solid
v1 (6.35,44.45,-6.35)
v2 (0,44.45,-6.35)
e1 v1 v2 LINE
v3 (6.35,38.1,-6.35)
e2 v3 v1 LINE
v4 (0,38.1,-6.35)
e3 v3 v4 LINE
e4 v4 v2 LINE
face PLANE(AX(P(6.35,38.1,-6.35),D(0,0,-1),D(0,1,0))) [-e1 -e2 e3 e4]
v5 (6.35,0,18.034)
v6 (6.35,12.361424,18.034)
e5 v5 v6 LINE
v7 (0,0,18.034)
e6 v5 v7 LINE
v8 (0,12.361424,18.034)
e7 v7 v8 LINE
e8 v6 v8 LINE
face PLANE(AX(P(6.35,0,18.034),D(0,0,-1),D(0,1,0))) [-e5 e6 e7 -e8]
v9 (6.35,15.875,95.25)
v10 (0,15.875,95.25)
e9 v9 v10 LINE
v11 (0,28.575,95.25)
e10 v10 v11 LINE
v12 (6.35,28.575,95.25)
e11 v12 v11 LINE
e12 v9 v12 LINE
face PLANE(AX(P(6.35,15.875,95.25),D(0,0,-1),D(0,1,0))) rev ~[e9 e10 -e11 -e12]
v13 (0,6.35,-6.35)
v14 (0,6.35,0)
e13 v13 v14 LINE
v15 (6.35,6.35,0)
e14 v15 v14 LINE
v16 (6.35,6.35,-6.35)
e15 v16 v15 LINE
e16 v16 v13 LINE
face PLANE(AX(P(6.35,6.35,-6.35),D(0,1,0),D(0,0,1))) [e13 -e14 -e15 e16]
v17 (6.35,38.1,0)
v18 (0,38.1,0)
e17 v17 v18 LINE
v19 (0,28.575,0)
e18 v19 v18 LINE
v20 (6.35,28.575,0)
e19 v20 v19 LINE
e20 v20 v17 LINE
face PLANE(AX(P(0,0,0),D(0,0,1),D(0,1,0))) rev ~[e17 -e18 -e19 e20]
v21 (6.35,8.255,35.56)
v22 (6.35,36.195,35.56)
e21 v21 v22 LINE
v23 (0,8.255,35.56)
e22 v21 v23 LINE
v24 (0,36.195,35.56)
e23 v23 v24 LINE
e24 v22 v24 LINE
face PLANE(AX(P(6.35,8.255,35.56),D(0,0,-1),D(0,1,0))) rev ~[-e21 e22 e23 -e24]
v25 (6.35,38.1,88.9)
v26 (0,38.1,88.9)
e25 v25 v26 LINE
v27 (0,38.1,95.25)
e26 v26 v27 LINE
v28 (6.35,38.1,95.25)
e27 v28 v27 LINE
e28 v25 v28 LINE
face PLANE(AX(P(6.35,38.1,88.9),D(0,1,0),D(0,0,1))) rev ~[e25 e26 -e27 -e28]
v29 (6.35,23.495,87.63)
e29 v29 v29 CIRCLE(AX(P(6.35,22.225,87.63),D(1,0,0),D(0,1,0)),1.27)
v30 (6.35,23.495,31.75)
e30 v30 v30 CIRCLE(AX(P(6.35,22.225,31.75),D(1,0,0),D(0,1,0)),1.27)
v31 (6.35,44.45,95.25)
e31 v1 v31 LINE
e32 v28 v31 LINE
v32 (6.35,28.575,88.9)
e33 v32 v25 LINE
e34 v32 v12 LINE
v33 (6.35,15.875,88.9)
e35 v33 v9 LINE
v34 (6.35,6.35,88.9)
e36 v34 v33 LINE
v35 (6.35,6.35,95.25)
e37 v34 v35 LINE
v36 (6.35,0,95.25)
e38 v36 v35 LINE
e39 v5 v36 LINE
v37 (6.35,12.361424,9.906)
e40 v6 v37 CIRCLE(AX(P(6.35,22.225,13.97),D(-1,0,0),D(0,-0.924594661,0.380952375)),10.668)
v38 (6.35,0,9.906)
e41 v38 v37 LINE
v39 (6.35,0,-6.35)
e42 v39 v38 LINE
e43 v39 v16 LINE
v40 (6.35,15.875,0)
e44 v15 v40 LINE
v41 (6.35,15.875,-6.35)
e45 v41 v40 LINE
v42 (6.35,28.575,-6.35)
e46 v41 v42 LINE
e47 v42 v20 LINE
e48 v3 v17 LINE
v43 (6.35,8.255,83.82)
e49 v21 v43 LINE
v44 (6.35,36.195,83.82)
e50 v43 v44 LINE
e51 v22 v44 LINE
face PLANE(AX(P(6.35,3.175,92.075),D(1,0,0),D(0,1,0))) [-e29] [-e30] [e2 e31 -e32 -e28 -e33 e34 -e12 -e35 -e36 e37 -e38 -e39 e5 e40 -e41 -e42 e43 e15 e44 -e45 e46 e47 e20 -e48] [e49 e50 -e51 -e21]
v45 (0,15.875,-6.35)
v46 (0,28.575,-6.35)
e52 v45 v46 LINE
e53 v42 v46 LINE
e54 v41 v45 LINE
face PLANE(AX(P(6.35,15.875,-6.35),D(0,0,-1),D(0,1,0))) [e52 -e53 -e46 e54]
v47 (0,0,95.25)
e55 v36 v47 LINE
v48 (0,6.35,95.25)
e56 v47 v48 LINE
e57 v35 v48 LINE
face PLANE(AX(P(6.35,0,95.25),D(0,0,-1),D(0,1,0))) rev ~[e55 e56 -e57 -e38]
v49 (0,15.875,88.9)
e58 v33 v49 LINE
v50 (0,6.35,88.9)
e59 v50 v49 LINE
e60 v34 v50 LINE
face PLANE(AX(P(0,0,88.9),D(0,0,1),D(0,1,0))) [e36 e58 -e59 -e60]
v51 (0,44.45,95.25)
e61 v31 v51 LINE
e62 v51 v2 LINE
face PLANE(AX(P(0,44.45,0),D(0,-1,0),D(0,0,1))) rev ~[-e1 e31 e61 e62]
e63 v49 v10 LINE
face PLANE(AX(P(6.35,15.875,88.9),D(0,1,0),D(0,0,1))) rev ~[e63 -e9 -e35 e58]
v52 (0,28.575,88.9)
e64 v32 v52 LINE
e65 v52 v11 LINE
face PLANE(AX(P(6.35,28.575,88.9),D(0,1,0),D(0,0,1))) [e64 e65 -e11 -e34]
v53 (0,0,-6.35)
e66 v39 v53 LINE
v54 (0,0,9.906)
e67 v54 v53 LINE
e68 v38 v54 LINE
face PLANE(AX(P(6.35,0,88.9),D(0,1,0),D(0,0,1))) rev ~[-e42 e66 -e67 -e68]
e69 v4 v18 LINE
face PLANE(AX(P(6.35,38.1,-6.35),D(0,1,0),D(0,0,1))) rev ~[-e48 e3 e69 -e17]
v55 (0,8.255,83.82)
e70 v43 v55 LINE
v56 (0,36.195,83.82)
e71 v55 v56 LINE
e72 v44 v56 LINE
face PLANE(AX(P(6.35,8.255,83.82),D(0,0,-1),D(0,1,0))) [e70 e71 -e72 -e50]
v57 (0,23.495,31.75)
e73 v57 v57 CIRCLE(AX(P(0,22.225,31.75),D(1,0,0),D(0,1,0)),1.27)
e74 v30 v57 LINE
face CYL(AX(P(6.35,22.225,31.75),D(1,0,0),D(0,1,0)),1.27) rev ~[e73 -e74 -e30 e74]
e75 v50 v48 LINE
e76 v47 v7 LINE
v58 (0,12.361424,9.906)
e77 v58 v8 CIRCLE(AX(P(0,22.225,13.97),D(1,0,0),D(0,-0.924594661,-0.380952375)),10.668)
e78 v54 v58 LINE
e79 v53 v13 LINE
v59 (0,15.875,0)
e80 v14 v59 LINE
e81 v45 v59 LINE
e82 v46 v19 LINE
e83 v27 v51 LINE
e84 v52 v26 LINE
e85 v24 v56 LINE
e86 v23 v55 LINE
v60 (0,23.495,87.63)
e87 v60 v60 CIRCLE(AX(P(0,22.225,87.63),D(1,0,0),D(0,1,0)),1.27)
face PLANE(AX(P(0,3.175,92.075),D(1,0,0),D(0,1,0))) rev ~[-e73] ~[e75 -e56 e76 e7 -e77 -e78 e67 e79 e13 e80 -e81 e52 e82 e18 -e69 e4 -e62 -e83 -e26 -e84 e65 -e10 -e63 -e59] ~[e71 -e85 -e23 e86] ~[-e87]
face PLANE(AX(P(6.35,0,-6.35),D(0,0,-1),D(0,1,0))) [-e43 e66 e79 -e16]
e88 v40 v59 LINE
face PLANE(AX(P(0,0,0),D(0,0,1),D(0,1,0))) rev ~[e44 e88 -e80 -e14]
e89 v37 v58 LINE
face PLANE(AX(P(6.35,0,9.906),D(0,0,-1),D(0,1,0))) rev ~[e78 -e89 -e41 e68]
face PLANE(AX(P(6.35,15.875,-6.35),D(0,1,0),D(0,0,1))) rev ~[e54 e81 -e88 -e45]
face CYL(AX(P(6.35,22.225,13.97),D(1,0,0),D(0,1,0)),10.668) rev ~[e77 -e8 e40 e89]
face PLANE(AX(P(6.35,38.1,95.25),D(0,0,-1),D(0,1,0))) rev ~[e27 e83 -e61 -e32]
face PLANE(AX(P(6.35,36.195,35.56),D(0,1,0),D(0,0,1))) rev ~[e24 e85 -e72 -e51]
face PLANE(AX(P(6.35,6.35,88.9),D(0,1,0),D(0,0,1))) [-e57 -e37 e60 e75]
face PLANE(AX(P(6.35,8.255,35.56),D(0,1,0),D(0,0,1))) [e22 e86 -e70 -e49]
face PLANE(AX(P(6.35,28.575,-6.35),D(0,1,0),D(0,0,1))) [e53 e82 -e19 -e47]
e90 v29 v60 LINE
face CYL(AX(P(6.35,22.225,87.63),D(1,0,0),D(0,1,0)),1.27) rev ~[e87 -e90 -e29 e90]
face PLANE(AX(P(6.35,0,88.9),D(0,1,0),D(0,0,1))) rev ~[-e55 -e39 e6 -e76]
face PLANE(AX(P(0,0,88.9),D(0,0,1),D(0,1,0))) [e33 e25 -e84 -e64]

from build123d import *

# Parameters (mm, degrees)
F0_W     = 44.45
F0_H     = 88.9
F1_DEPTH = 6.35
F2_W     = 6.35
F2_H     = 6.35
F2_W_2   = 12.7
F3_DEPTH = 6.35
F4_R     = 10.668
F4_W     = 27.94
F4_H     = 48.26
F4_R_2   = 1.27
F5_DEPTH = 25.4
F6_W     = 12.361424
F6_H     = 8.128
F7_DEPTH = 25.4


with BuildPart() as f1:
    # F0 (on Right) → F1 (new body)
    with BuildSketch(Plane.YZ):
        with Locations((22.225, 44.45)):
            Rectangle(F0_W, F0_H)
    extrude(amount=F1_DEPTH)

    # F2 (on face) → F3 (join)
    with BuildSketch(Plane.YZ.offset(6.35)):
        with Locations((3.175, 92.075)):
            Rectangle(F2_W, F2_H)
        with Locations((3.175, -3.175)):
            Rectangle(F2_W, F2_H)
        with Locations((41.275, 92.075)):
            Rectangle(F2_W, F2_H)
        with Locations((41.275, -3.175)):
            Rectangle(F2_W, F2_H)
        with Locations((22.225, 92.075)):
            Rectangle(F2_W_2, F2_H)
        with Locations((22.225, -3.175)):
            Rectangle(F2_W_2, F2_H)
    extrude(amount=-F3_DEPTH)

    # F4 (on face) → F5 (cut)
    with BuildSketch(Plane.YZ.offset(6.35)):
        with Locations((22.225, 13.97)):
            Circle(F4_R)
        with Locations((22.225, 59.69)):
            Rectangle(F4_W, F4_H)
        with Locations((22.225, 87.63)):
            Circle(F4_R_2)
        with Locations((22.225, 31.75)):
            Circle(F4_R_2)
    extrude(amount=-F5_DEPTH, mode=Mode.SUBTRACT)

    # F6 (on face) → F7 (cut)
    with BuildSketch(Plane.YZ.offset(6.35)):
        with Locations((6.180712, 13.97)):
            Rectangle(F6_W, F6_H)
    extrude(amount=-F7_DEPTH, mode=Mode.SUBTRACT)


solid = f1.part
